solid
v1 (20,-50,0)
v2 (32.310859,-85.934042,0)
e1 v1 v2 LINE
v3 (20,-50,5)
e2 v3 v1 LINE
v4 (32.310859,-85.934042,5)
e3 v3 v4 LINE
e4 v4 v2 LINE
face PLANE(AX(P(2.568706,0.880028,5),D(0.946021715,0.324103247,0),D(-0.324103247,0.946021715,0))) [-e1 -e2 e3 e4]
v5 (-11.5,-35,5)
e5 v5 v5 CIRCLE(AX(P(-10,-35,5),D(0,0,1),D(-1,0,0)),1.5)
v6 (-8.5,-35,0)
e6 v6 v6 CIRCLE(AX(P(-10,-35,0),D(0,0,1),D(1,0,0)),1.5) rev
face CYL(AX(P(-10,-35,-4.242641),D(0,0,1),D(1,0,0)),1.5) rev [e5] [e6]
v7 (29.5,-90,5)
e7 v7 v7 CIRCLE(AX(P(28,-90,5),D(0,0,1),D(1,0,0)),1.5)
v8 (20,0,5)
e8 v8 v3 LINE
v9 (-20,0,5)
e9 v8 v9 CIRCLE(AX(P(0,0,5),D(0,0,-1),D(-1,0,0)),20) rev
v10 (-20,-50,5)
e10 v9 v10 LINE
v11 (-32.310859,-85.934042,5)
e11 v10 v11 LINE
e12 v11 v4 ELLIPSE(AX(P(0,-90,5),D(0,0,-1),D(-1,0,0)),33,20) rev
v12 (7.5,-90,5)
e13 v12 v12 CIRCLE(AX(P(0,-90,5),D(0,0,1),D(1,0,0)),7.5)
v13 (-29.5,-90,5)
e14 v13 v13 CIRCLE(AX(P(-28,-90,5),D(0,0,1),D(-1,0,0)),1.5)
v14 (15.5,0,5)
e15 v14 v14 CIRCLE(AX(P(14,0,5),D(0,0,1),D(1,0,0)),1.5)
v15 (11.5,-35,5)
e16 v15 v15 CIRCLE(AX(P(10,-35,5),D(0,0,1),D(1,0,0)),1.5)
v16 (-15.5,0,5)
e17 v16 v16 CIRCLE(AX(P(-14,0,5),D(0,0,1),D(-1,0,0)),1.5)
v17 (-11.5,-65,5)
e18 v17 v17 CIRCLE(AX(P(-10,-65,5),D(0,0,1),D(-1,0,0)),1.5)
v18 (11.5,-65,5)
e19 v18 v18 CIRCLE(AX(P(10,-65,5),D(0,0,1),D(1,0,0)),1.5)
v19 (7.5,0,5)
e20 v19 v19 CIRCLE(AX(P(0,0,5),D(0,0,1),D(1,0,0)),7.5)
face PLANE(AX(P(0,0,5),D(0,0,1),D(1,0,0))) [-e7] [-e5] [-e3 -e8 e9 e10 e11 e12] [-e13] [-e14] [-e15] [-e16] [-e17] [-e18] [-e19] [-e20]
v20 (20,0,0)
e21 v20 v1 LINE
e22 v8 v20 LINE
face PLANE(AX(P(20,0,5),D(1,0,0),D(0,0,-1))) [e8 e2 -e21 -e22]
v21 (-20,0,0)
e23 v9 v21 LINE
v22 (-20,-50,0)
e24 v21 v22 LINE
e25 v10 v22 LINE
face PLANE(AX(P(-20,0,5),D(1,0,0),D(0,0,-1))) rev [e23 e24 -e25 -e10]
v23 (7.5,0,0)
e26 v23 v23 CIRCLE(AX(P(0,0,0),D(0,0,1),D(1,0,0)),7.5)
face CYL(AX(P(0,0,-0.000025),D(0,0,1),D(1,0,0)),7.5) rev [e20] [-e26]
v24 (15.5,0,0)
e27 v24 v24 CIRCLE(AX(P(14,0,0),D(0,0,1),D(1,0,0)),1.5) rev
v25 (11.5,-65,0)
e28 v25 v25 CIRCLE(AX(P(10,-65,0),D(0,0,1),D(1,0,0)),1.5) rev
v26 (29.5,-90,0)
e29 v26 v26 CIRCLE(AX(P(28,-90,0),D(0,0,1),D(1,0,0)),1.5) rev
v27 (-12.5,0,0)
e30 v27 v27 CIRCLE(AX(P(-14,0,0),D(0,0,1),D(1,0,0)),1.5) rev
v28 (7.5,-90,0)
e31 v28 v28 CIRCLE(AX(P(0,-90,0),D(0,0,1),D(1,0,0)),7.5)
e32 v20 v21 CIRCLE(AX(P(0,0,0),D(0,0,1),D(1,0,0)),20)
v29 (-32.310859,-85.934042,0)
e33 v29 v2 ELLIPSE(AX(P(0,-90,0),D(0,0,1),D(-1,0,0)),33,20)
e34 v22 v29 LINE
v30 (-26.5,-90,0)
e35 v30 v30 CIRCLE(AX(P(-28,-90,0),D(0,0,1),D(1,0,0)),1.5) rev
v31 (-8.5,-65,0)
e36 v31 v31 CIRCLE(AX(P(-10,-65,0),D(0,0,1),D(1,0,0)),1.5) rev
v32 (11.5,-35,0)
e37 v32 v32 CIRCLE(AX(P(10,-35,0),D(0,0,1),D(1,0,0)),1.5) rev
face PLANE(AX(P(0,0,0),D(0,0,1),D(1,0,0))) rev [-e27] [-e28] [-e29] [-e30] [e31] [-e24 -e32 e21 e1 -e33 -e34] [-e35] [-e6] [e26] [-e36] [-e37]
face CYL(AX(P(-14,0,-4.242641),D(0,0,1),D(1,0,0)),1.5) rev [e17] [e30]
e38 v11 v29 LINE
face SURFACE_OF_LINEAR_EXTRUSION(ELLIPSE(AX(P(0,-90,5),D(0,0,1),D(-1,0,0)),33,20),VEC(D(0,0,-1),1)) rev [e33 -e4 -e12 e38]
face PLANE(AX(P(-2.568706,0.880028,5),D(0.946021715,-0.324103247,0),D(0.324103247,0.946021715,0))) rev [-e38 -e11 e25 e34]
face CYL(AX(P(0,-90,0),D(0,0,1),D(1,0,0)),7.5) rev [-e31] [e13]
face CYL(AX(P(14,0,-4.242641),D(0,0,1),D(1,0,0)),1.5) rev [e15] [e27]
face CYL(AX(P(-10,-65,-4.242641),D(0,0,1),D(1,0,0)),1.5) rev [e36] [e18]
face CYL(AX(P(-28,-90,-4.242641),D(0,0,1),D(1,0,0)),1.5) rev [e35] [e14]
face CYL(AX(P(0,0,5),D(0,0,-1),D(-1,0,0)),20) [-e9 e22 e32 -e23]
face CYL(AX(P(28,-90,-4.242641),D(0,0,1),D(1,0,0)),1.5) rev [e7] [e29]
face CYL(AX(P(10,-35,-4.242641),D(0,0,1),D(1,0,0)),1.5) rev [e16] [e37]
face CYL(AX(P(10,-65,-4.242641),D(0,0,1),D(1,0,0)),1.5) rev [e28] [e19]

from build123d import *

# Parameters (mm, degrees)
EXTRUDE_1_DEPTH          = 5
CUT_EXTRUDE_2_DEPTH      = 115.952164093
CUT_EXTRUDE_2_DEPTH_BACK = 115.952164093
SKETCH_3_OUTSIDE_W       = 97.176
SKETCH_3_OUTSIDE_H       = 161.176
SKETCH_3_OUTSIDE_R       = 7.5
SKETCH_4_R               = 7.5
CUT_EXTRUDE_3_DEPTH      = 115.952164093
SKETCH_5_R               = 1.5
CUT_EXTRUDE_4_DEPTH      = 5


with BuildPart() as part:
    # 草图1 → 凸台-拉伸1 (new body)
    with BuildSketch(Plane.XY):
        with BuildLine():
            Line((-20, 0), (-20, -50))
            Line((-20, -50), (-20, -74.091630608))
            add(Edge.make_bspline(
                [(-2.03e-07, -70), (-11.13946442, -70.000000042), (-20, -74.091630608)],
                knots=[4.712388987, 4.712388987, 4.712388987, 5.363487565, 5.363487565, 5.363487565], degree=2, weights=[1, 0.947475191, 1]))
            add(Edge.make_bspline(
                [(20, -74.091630608), (11.13946424, -69.999999958), (-2.03e-07, -70)],
                knots=[4.061290395, 4.061290395, 4.061290395, 4.712388987, 4.712388987, 4.712388987], degree=2, weights=[1, 0.947475189, 1]))
            Line((20, -74.091630608), (20, -50))
            Line((20, -50), (20, 0))
            ThreePointArc((20, 0), (0, -20), (-20, 0))
        make_face()
        with BuildLine():
            Line((-20, -74.091630608), (-20, -50))
            Line((-20, -50), (-32.310858712, -85.934042004))
            add(Edge.make_bspline(
                [(-20, -74.091630608), (-29.804870228, -78.619337355), (-32.310858712, -85.934042004)],
                knots=[5.363487565, 5.363487565, 5.363487565, 6.078460318, 6.078460318, 6.078460318], degree=2, weights=[1, 0.936779351, 1]))
        make_face()
        with BuildLine():
            add(Edge.make_bspline(
                [(-20, -74.091630608), (-29.804870228, -78.619337355), (-32.310858712, -85.934042004)],
                knots=[5.363487565, 5.363487565, 5.363487565, 6.078460318, 6.078460318, 6.078460318], degree=2, weights=[1, 0.936779351, 1]))
            add(Edge.make_bspline(
                [(-32.310858712, -85.934042004), (-33, -87.945569596), (-33, -90)],
                knots=[6.078460318, 6.078460318, 6.078460318, 6.283185307, 6.283185307, 6.283185307], degree=2, weights=[1, 0.994765533, 1]))
            add(Edge.make_bspline(
                [(-33, -90), (-33, -109.999999875), (-2.06e-07, -110)],
                knots=[0, 0, 0, 1.570796321, 1.570796321, 1.570796321], degree=2, weights=[1, 0.707106783, 1]))
            ThreePointArc((-2.06e-07, -110), (-14.142135697, -104.142135551), (-20, -90))
            Line((-20, -90), (-20, -74.091630608))
        make_face()
        with BuildLine():
            add(Edge.make_bspline(
                [(-2.03e-07, -70), (-11.13946442, -70.000000042), (-20, -74.091630608)],
                knots=[4.712388987, 4.712388987, 4.712388987, 5.363487565, 5.363487565, 5.363487565], degree=2, weights=[1, 0.947475191, 1]))
            Line((-20, -74.091630608), (-20, -90))
            ThreePointArc((-20, -90), (-14.142135696, -75.857864448), (-2.03e-07, -70))
        make_face()
        with BuildLine():
            add(Edge.make_bspline(
                [(-20, -74.091630608), (-29.804870228, -78.619337355), (-32.310858712, -85.934042004)],
                knots=[5.363487565, 5.363487565, 5.363487565, 6.078460318, 6.078460318, 6.078460318], degree=2, weights=[1, 0.936779351, 1]))
            add(Edge.make_bspline(
                [(-32.310858712, -85.934042004), (-33, -87.945569596), (-33, -90)],
                knots=[6.078460318, 6.078460318, 6.078460318, 6.283185307, 6.283185307, 6.283185307], degree=2, weights=[1, 0.994765533, 1]))
            add(Edge.make_bspline(
                [(-33, -90), (-33, -109.999999875), (-2.06e-07, -110)],
                knots=[0, 0, 0, 1.570796321, 1.570796321, 1.570796321], degree=2, weights=[1, 0.707106783, 1]))
            ThreePointArc((-2.06e-07, -110), (-14.142135697, -104.142135551), (-20, -90))
            Line((-20, -90), (-20, -74.091630608))
        make_face()
        with BuildLine():
            add(Edge.make_bspline(
                [(-2.03e-07, -70), (-11.13946442, -70.000000042), (-20, -74.091630608)],
                knots=[4.712388987, 4.712388987, 4.712388987, 5.363487565, 5.363487565, 5.363487565], degree=2, weights=[1, 0.947475191, 1]))
            Line((-20, -74.091630608), (-20, -90))
            ThreePointArc((-20, -90), (-14.142135696, -75.857864448), (-2.03e-07, -70))
        make_face()
        with BuildLine():
            add(Edge.make_bspline(
                [(20, -74.091630608), (11.13946424, -69.999999958), (-2.03e-07, -70)],
                knots=[4.061290395, 4.061290395, 4.061290395, 4.712388987, 4.712388987, 4.712388987], degree=2, weights=[1, 0.947475189, 1]))
            ThreePointArc((-2.03e-07, -70), (14.142135552, -75.857864304), (20, -90))
            Line((20, -90), (20, -74.091630608))
        make_face()
        with BuildLine():
            ThreePointArc((20, -90), (14.142135551, -104.142135697), (-2.06e-07, -110))
            add(Edge.make_bspline(
                [(-2.06e-07, -110), (40.555759481, -110.000000153), (32.310858712, -85.934042004)],
                knots=[1.570796321, 1.570796321, 1.570796321, 3.346317643, 3.346317643, 3.346317643], degree=2, weights=[1, 0.631150574, 1]))
            add(Edge.make_bspline(
                [(32.310858712, -85.934042004), (29.804870228, -78.619337355), (20, -74.091630608)],
                knots=[3.346317643, 3.346317643, 3.346317643, 4.061290395, 4.061290395, 4.061290395], degree=2, weights=[1, 0.936779351, 1]))
            Line((20, -74.091630608), (20, -90))
        make_face()
        with BuildLine():
            Line((32.310858712, -85.934042004), (20, -50))
            Line((20, -50), (20, -74.091630608))
            add(Edge.make_bspline(
                [(32.310858712, -85.934042004), (29.804870228, -78.619337355), (20, -74.091630608)],
                knots=[3.346317643, 3.346317643, 3.346317643, 4.061290395, 4.061290395, 4.061290395], degree=2, weights=[1, 0.936779351, 1]))
        make_face()
        with BuildLine():
            add(Edge.make_bspline(
                [(20, -74.091630608), (11.13946424, -69.999999958), (-2.03e-07, -70)],
                knots=[4.061290395, 4.061290395, 4.061290395, 4.712388987, 4.712388987, 4.712388987], degree=2, weights=[1, 0.947475189, 1]))
            ThreePointArc((-2.03e-07, -70), (14.142135552, -75.857864304), (20, -90))
            Line((20, -90), (20, -74.091630608))
        make_face()
        with BuildLine():
            ThreePointArc((20, -90), (14.142135551, -104.142135697), (-2.06e-07, -110))
            add(Edge.make_bspline(
                [(-2.06e-07, -110), (40.555759481, -110.000000153), (32.310858712, -85.934042004)],
                knots=[1.570796321, 1.570796321, 1.570796321, 3.346317643, 3.346317643, 3.346317643], degree=2, weights=[1, 0.631150574, 1]))
            add(Edge.make_bspline(
                [(32.310858712, -85.934042004), (29.804870228, -78.619337355), (20, -74.091630608)],
                knots=[3.346317643, 3.346317643, 3.346317643, 4.061290395, 4.061290395, 4.061290395], degree=2, weights=[1, 0.936779351, 1]))
            Line((20, -74.091630608), (20, -90))
        make_face()
        with BuildLine():
            ThreePointArc((20, 0), (0, 20), (-20, 0))
            Line((-20, 0), (20, 0))
        make_face()
        with BuildLine():
            Line((20, 0), (-20, 0))
            ThreePointArc((-20, 0), (0, -20), (20, 0))
        make_face()
        with BuildLine():
            ThreePointArc((20, 0), (0, 20), (-20, 0))
            Line((-20, 0), (20, 0))
        make_face()
        with BuildLine():
            Line((20, 0), (-20, 0))
            ThreePointArc((-20, 0), (0, -20), (20, 0))
        make_face()
        with BuildLine():
            ThreePointArc((-2.03e-07, -70), (-14.142135696, -75.857864448), (-20, -90))
            Line((-20, -90), (20, -90))
            ThreePointArc((20, -90), (14.142135552, -75.857864304), (-2.03e-07, -70))
        make_face()
        with BuildLine():
            Line((20, -90), (-20, -90))
            ThreePointArc((-20, -90), (-14.142135697, -104.142135551), (-2.06e-07, -110))
            ThreePointArc((-2.06e-07, -110), (14.142135551, -104.142135697), (20, -90))
        make_face()
        with BuildLine():
            ThreePointArc((-2.03e-07, -70), (-14.142135696, -75.857864448), (-20, -90))
            Line((-20, -90), (20, -90))
            ThreePointArc((20, -90), (14.142135552, -75.857864304), (-2.03e-07, -70))
        make_face()
        with BuildLine():
            Line((20, -90), (-20, -90))
            ThreePointArc((-20, -90), (-14.142135697, -104.142135551), (-2.06e-07, -110))
            ThreePointArc((-2.06e-07, -110), (14.142135551, -104.142135697), (20, -90))
        make_face()
    extrude(amount=EXTRUDE_1_DEPTH)

    # 草图3 outside → 切除-拉伸2 (cut, two sides: drawn at the far end of the back side and taken through both)
    # profile 1 of 2: a face of its own
    with BuildSketch(Plane.XY.offset(5).offset(-CUT_EXTRUDE_2_DEPTH_BACK)):
        with Locations((0, -45)):
            Rectangle(SKETCH_3_OUTSIDE_W, SKETCH_3_OUTSIDE_H)
        with BuildLine():
            Line((32.310858712, -85.934042004), (20, -50))
            Line((20, -50), (20, 0))
            ThreePointArc((20, 0), (0, 20), (-20, 0))
            Line((-20, 0), (-20, -50))
            Line((-20, -50), (-32.310858712, -85.934042004))
            add(Edge.make_bspline(
                [(-32.310858712, -85.934042004), (-40.555759429, -110), (0, -110), (40.555759429, -110), (32.310858712, -85.934042004)],
                knots=[6.078460318, 6.078460318, 6.078460318, 7.853981634, 7.853981634, 9.62950295, 9.62950295, 9.62950295], degree=2, weights=[1, 0.631150576, 1, 0.631150576, 1]))
        make_face(mode=Mode.SUBTRACT)
    # profile 2 of 2: a face of its own
    with BuildSketch(Plane.XY.offset(5).offset(-CUT_EXTRUDE_2_DEPTH_BACK)):
        with Locations((0, -90)):
            Circle(SKETCH_3_OUTSIDE_R)
    extrude(amount=CUT_EXTRUDE_2_DEPTH + CUT_EXTRUDE_2_DEPTH_BACK, mode=Mode.SUBTRACT)

    # 草图4 → 切除-拉伸3 (cut, through all)
    with BuildSketch(Plane.XY.offset(5)):
        Circle(SKETCH_4_R)
    extrude(amount=-CUT_EXTRUDE_3_DEPTH, mode=Mode.SUBTRACT)

    # 草图5 → 切除-拉伸4 (cut)
    with BuildSketch(Plane.XY.offset(5)):
        with Locations((28, -90)):
            Circle(SKETCH_5_R)
        with Locations((14, 0)):
            Circle(SKETCH_5_R)
        with Locations((10, -35)):
            Circle(SKETCH_5_R)
        with Locations((10, -65)):
            Circle(SKETCH_5_R)
        with Locations((-14, 0)):
            Circle(SKETCH_5_R)
        with Locations((-10, -35)):
            Circle(SKETCH_5_R)
        with Locations((-10, -65)):
            Circle(SKETCH_5_R)
        with Locations((-28, -90)):
            Circle(SKETCH_5_R)
    extrude(amount=-CUT_EXTRUDE_4_DEPTH, mode=Mode.SUBTRACT)


solid = part.part
